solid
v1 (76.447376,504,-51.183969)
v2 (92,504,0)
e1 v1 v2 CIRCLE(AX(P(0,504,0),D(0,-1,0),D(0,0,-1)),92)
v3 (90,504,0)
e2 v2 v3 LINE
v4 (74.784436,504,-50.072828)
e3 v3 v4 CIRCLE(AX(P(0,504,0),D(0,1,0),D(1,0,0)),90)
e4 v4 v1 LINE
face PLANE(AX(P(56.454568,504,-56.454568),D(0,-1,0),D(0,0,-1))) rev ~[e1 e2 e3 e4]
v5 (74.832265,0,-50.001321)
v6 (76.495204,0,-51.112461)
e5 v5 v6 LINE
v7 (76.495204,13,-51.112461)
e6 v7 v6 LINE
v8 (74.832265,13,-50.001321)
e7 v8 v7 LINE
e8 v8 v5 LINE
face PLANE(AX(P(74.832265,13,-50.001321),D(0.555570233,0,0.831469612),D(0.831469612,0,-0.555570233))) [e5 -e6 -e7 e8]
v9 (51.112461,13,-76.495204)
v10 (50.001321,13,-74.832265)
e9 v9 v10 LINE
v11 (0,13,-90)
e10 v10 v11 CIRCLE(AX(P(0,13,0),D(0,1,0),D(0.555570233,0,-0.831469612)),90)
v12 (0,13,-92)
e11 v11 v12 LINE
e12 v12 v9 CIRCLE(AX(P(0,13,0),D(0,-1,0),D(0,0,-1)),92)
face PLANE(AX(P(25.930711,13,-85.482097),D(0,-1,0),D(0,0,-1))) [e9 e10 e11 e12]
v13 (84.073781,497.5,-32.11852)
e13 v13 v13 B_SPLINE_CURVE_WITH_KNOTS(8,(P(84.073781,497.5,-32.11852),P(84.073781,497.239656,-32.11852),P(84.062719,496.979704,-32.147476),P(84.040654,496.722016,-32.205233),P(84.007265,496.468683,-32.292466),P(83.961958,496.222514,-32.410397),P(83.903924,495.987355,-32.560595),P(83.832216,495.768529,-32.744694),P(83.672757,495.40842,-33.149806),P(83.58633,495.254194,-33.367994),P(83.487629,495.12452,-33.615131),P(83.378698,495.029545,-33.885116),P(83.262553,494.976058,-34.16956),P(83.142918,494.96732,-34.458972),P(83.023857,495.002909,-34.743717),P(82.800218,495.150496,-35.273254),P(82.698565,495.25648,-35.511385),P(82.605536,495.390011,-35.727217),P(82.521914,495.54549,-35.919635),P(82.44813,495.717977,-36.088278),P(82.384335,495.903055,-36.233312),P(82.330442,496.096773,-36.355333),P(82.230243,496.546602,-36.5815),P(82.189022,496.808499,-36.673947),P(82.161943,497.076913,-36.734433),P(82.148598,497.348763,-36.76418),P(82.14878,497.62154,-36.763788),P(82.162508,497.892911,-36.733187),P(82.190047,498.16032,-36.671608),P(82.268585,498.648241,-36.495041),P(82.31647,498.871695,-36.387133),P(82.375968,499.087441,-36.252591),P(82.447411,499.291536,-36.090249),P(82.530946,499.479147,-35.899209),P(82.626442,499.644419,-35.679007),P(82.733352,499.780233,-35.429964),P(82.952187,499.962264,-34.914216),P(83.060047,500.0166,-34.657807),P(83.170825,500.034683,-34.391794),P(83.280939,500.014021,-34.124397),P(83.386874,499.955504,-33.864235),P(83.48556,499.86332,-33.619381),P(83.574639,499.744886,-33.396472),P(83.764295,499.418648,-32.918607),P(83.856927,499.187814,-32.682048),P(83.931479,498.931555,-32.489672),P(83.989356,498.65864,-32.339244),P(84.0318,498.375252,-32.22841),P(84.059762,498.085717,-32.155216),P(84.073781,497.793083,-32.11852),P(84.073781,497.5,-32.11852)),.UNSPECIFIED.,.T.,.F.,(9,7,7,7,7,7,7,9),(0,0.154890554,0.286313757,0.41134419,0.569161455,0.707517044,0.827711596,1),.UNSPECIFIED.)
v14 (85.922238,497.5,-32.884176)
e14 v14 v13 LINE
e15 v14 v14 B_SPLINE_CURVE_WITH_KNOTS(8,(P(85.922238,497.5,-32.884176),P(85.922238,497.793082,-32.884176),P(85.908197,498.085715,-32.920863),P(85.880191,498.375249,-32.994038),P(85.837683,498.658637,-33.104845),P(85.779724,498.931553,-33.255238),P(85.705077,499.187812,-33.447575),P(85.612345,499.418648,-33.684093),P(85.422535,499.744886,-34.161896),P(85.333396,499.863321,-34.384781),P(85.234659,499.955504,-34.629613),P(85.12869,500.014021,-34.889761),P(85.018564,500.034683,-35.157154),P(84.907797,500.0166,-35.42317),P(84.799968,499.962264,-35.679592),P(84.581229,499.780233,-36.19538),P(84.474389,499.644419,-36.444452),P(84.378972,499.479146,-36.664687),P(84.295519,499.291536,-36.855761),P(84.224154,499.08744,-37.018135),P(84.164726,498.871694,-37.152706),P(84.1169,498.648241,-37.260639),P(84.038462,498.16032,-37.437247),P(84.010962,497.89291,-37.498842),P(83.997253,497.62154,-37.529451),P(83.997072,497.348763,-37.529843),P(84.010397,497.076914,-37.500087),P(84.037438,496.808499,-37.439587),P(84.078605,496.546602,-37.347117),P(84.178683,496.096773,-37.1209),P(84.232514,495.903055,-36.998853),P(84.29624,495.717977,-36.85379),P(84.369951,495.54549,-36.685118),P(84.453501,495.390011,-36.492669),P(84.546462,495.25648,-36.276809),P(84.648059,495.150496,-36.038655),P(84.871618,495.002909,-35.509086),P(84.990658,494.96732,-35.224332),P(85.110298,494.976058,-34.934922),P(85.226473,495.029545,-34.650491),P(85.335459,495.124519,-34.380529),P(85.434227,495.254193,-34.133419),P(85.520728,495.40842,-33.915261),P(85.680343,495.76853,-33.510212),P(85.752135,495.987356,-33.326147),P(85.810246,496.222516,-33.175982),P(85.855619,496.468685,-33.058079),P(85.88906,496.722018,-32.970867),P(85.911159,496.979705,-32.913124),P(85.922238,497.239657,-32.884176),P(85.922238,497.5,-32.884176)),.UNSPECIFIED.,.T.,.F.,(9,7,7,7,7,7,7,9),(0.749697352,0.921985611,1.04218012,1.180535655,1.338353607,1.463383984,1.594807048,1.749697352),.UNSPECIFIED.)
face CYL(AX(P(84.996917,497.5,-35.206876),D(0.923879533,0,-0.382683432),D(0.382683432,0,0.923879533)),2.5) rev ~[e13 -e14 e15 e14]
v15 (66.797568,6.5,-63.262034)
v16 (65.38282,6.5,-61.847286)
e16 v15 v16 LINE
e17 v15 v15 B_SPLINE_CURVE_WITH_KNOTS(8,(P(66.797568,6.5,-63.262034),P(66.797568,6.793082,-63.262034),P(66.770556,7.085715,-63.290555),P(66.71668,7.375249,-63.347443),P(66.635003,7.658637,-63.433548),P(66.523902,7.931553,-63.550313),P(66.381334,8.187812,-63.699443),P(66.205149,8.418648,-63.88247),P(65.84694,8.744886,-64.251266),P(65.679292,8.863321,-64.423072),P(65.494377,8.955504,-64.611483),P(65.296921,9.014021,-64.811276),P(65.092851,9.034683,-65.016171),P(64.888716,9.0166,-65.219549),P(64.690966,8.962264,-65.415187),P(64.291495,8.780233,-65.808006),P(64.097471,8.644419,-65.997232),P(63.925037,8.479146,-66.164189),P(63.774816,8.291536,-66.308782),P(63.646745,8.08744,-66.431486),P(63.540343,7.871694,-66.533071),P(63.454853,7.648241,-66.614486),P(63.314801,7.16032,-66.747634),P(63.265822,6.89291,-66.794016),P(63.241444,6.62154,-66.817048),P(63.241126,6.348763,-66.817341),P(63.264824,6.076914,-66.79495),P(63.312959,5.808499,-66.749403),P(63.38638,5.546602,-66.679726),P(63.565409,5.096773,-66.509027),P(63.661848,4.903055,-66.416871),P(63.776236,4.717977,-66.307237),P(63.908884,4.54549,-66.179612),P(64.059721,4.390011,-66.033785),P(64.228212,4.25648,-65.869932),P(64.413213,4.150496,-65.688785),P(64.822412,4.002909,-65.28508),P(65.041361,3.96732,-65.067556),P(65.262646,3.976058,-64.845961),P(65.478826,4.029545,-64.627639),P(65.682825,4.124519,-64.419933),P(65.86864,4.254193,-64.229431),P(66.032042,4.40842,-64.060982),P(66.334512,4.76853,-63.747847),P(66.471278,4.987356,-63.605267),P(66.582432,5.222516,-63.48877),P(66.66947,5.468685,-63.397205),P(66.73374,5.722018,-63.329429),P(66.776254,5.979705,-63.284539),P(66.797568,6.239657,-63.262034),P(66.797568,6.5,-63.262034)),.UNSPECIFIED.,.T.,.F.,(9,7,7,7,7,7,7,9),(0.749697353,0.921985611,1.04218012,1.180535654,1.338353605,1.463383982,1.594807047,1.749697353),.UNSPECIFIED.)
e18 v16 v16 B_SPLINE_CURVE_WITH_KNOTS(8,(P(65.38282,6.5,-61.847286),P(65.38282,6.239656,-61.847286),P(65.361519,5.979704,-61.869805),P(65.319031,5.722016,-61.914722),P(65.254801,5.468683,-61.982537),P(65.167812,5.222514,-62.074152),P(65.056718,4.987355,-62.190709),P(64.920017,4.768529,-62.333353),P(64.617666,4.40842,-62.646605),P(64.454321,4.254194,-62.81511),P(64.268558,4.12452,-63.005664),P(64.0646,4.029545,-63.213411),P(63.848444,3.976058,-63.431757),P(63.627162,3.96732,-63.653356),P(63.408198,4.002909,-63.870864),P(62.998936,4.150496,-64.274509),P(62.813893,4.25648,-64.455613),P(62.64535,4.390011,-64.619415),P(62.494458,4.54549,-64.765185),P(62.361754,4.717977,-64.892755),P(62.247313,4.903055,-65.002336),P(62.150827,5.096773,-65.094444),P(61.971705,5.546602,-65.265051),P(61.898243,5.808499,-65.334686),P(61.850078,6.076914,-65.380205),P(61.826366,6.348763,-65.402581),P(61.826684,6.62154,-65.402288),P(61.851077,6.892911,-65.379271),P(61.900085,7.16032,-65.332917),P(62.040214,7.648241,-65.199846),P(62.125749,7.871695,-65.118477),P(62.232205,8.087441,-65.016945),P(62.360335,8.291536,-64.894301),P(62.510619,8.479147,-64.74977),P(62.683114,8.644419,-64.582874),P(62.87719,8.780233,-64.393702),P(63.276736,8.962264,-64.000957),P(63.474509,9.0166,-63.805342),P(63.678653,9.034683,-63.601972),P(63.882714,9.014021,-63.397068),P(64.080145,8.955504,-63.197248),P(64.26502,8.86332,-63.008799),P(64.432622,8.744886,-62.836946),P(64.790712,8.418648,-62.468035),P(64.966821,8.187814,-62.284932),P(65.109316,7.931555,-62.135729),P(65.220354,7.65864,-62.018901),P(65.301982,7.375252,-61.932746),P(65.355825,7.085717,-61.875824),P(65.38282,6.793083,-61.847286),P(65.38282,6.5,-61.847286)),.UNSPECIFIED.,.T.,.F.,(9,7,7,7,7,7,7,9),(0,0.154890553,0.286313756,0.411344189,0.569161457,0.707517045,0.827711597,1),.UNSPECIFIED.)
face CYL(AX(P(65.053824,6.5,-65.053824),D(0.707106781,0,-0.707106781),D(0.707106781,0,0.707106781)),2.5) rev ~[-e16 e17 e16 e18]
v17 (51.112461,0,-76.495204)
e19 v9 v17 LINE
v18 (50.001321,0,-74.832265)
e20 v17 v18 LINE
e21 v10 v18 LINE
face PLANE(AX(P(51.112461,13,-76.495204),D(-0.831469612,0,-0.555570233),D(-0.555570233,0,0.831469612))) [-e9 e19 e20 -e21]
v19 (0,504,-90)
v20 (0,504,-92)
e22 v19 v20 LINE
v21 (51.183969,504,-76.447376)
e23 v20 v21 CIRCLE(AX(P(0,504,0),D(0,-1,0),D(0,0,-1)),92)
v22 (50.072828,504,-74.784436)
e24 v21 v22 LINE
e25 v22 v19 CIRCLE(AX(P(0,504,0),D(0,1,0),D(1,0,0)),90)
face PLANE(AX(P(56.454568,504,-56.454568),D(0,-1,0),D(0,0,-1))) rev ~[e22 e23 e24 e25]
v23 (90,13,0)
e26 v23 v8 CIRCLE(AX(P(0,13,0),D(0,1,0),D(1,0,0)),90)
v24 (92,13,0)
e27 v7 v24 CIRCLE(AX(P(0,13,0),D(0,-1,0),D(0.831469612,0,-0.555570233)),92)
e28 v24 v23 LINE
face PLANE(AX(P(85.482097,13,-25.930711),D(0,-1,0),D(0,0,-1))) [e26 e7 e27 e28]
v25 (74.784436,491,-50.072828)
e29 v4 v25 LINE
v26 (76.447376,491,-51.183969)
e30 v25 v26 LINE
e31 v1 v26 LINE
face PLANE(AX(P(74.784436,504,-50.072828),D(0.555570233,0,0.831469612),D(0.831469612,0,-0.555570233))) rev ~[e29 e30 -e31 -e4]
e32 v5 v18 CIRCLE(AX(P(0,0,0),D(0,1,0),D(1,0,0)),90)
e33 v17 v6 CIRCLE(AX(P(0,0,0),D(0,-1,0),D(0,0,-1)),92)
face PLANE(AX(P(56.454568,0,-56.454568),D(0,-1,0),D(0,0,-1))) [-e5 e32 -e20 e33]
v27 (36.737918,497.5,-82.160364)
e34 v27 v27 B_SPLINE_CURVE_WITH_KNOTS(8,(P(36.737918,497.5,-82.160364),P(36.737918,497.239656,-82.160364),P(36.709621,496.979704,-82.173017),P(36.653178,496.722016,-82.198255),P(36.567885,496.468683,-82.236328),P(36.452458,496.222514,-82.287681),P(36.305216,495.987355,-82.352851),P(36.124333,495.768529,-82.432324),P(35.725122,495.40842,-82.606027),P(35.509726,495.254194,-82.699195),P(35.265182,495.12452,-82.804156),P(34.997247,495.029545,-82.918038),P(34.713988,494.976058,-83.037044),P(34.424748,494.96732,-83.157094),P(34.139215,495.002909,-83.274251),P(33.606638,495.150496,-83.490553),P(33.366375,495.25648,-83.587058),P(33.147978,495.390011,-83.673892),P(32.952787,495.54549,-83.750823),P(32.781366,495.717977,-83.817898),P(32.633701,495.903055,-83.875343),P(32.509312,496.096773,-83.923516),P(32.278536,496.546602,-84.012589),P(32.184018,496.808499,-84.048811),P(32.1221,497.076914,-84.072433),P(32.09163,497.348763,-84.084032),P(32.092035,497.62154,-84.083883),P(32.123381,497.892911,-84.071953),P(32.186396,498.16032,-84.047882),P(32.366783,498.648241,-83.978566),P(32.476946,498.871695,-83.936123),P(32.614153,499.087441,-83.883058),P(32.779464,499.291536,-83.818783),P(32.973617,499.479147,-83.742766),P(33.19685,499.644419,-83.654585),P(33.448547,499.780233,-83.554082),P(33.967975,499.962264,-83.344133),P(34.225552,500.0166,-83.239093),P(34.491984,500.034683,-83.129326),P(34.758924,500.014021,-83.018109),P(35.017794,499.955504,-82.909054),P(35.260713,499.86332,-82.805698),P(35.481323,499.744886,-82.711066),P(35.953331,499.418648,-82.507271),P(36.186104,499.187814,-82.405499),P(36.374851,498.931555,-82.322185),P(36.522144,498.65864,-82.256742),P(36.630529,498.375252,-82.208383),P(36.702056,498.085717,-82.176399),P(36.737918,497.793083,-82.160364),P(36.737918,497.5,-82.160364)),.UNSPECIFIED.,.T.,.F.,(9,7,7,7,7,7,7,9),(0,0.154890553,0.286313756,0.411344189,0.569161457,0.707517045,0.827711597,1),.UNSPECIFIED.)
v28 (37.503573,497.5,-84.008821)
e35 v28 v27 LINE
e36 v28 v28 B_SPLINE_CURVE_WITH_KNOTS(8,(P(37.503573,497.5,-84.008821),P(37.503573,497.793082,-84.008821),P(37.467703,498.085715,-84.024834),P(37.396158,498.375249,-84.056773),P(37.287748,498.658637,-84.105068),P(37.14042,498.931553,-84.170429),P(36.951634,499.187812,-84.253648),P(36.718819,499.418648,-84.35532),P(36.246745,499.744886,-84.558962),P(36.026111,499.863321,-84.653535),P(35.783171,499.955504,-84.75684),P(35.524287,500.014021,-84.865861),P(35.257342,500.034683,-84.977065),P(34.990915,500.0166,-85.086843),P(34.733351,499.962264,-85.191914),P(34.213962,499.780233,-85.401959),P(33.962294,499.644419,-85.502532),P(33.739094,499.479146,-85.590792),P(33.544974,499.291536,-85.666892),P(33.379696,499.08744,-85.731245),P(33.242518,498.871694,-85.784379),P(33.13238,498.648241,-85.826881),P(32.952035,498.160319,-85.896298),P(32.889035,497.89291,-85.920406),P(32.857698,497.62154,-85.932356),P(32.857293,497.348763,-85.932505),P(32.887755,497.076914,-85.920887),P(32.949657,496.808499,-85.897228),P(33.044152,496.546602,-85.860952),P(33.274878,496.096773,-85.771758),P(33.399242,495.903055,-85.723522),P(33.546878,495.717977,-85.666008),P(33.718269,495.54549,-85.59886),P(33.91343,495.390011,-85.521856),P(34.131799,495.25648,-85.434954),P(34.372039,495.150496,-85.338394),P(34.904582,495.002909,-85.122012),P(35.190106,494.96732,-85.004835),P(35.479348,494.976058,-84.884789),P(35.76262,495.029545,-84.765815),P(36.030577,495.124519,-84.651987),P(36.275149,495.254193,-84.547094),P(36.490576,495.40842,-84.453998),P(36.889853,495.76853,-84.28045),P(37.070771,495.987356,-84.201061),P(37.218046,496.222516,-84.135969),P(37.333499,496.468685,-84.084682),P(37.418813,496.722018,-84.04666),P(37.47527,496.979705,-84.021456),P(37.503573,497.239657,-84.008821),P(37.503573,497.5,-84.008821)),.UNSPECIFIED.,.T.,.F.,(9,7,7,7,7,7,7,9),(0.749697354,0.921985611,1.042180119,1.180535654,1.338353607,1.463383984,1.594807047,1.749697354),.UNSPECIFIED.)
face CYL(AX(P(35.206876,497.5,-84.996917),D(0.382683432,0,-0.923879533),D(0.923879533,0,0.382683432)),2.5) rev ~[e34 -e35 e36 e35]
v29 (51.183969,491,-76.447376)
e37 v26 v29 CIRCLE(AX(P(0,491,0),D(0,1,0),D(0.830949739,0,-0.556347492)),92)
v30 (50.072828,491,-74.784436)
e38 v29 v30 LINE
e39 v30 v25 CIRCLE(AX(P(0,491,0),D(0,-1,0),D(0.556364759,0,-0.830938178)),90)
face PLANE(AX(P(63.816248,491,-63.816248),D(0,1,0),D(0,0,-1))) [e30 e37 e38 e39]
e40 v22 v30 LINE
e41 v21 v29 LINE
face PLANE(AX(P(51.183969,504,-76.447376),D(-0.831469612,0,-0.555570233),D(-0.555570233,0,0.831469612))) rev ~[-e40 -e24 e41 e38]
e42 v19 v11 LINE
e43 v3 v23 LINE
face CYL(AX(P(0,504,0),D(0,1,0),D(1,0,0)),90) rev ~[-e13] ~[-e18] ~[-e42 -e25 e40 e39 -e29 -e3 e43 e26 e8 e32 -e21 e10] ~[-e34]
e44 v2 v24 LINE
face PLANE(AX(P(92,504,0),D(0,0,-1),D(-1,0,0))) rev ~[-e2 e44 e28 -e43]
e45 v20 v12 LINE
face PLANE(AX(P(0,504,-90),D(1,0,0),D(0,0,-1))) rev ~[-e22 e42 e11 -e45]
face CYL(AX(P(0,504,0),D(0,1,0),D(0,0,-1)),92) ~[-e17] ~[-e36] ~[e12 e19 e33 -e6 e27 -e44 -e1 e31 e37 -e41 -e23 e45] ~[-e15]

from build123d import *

# Parameters (mm, degrees)
BOSS_EXTRUDE1_DEPTH     = 504
CUT_EXTRUDE4_REACH      = 514.328
CUT_EXTRUDE4_END_RADIUS = 90
SKETCH6_R               = 2.5
CUT_EXTRUDE2_REACH      = 516.263
CUT_EXTRUDE2_END_RADIUS = 90
SKETCH3_R               = 2.5
CUT_EXTRUDE3_REACH      = 516.263
CUT_EXTRUDE3_END_RADIUS = 90
SKETCH5_R               = 2.5
LPATTERN2_COUNT         = 2
LPATTERN2_PITCH         = 491
CUT_EXTRUDE5_DEPTH      = 13
CUT_EXTRUDE6_START      = -13
CUT_EXTRUDE6_DEPTH      = 13
BODY_MOVE_COPY1_ANGLE   = 180


with BuildPart() as part:
    # Sketch1 → Boss-Extrude1 (new body)
    with BuildSketch(Plane(origin=(0, 0, 0), x_dir=(1, 0, 0), z_dir=(0, 1, 0))):
        with BuildLine():
            Line((0, 92), (0, 90))
            ThreePointArc((0, 90), (63.639610307, 63.639610307), (90, 0))
            Line((90, 0), (92, 0))
            ThreePointArc((92, 0), (65.053823869, 65.053823869), (0, 92))
        make_face()
    extrude(amount=BOSS_EXTRUDE1_DEPTH)

    # Cut-Extrude4: up to this cylinder (the profile starts outside it)
    cut_extrude4_end = Plane(origin=(0, 6.5, 0), z_dir=(0, -1, 0)) * Cylinder(CUT_EXTRUDE4_END_RADIUS, 1209.656, mode=Mode.PRIVATE)
    # Sketch6 → Cut-Extrude4 (cut, up to the surface)
    with BuildSketch(Plane(origin=(65.053823869, 0, -65.053823869), x_dir=(-0.7071067811865486, 0, -0.7071067811865465), z_dir=(0.7071067811865465, 0, -0.7071067811865486)), mode=Mode.PRIVATE) as cut_extrude4_sk1:
        with Locations((0, 6.5)):
            Circle(SKETCH6_R)
    cut_extrude4_tool1 = extrude(cut_extrude4_sk1.sketch, amount=-CUT_EXTRUDE4_REACH, mode=Mode.PRIVATE) - cut_extrude4_end
    cut_extrude4 = cut_extrude4_tool1.solids().sort_by_distance((65.053824, 6.5, -65.053824))[0]
    add(cut_extrude4, mode=Mode.SUBTRACT)

    # Cut-Extrude2: up to this cylinder (the profile starts outside it)
    cut_extrude2_end = Plane(origin=(0, 6.5, 0), z_dir=(0, -1, 0)) * Cylinder(CUT_EXTRUDE2_END_RADIUS, 1213.526, mode=Mode.PRIVATE)
    # Sketch3 → Cut-Extrude2 (cut, up to the surface)
    with BuildSketch(Plane(origin=(84.996916991, 0, -35.206875778), x_dir=(-0.38268343236509045, 0, -0.9238795325112865), z_dir=(0.9238795325112865, 0, -0.38268343236509045)), mode=Mode.PRIVATE) as cut_extrude2_sk1:
        with Locations((0, 6.5)):
            Circle(SKETCH3_R)
    cut_extrude2_tool1 = extrude(cut_extrude2_sk1.sketch, amount=-CUT_EXTRUDE2_REACH, mode=Mode.PRIVATE) - cut_extrude2_end
    cut_extrude2 = cut_extrude2_tool1.solids().sort_by_distance((84.996917, 6.5, -35.206876))[0]
    add(cut_extrude2, mode=Mode.SUBTRACT)

    # Cut-Extrude3: up to this cylinder (the profile starts outside it)
    cut_extrude3_end = Plane(origin=(0, 6.5, 0), z_dir=(0, -1, 0)) * Cylinder(CUT_EXTRUDE3_END_RADIUS, 1213.526, mode=Mode.PRIVATE)
    # Sketch5 → Cut-Extrude3 (cut, up to the surface)
    with BuildSketch(Plane(origin=(35.206875778, 0, -84.996916991), x_dir=(-0.9238795325112878, 0, -0.3826834323650876), z_dir=(0.3826834323650876, 0, -0.9238795325112878)), mode=Mode.PRIVATE) as cut_extrude3_sk1:
        with Locations((0, 6.5)):
            Circle(SKETCH5_R)
    cut_extrude3_tool1 = extrude(cut_extrude3_sk1.sketch, amount=-CUT_EXTRUDE3_REACH, mode=Mode.PRIVATE) - cut_extrude3_end
    cut_extrude3 = cut_extrude3_tool1.solids().sort_by_distance((35.206876, 6.5, -84.996917))[0]
    add(cut_extrude3, mode=Mode.SUBTRACT)

    # LPattern2: Cut-Extrude4, Cut-Extrude2, Cut-Extrude3 ×2
    with Locations(*[(0, i * LPATTERN2_PITCH, 0) for i in range(1, LPATTERN2_COUNT)]):
        add(cut_extrude4, mode=Mode.SUBTRACT)
        add(cut_extrude2, mode=Mode.SUBTRACT)
        add(cut_extrude3, mode=Mode.SUBTRACT)

    # Sketch7 → Cut-Extrude5 (cut)
    with BuildSketch(Plane.XZ):
        with BuildLine():
            Line((76.447375943, -51.183969281), (74.784435976, -50.072828318))
            ThreePointArc((74.784435976, -50.072828318), (63.639610307, -63.639610307), (50.072828318, -74.784435976))
            Line((50.072828318, -74.784435976), (51.183969281, -76.447375943))
            ThreePointArc((51.183969281, -76.447375943), (65.053823869, -65.053823869), (76.447375943, -51.183969281))
        make_face()
    extrude(amount=-CUT_EXTRUDE5_DEPTH, mode=Mode.SUBTRACT)

    # Sketch9 → Cut-Extrude6 (cut)
    with BuildSketch(Plane(origin=(0, 504, 0), x_dir=(1, 0, 0), z_dir=(0, 1, 0)).offset(CUT_EXTRUDE6_START)):
        with BuildLine():
            ThreePointArc((0, 90), (26.125620953, 86.124630216), (50.001320972, 74.832265107))
            Line((50.001320972, 74.832265107), (51.112461438, 76.495204332))
            ThreePointArc((51.112461438, 76.495204332), (26.706190307, 88.038510887), (0, 92))
            Line((0, 92), (0, 90))
        make_face()
        with BuildLine():
            ThreePointArc((74.832265107, 50.001320972), (86.124630216, 26.125620953), (90, 0))
            Line((90, 0), (92, 0))
            ThreePointArc((92, 0), (88.038510887, 26.706190307), (76.495204332, 51.112461438))
            Line((76.495204332, 51.112461438), (74.832265107, 50.001320972))
        make_face()
    extrude(amount=CUT_EXTRUDE6_DEPTH, mode=Mode.SUBTRACT)


with BuildPart() as part_1:
    # Body-Move/Copy1: moved
    add(part.part.moved(Location((0, 0, 0))).rotate(Axis((0, 252, 0), (0.7071067811865488, -4.937700262164522e-15, -0.7071067811865462)), BODY_MOVE_COPY1_ANGLE))


solid = part_1.part
